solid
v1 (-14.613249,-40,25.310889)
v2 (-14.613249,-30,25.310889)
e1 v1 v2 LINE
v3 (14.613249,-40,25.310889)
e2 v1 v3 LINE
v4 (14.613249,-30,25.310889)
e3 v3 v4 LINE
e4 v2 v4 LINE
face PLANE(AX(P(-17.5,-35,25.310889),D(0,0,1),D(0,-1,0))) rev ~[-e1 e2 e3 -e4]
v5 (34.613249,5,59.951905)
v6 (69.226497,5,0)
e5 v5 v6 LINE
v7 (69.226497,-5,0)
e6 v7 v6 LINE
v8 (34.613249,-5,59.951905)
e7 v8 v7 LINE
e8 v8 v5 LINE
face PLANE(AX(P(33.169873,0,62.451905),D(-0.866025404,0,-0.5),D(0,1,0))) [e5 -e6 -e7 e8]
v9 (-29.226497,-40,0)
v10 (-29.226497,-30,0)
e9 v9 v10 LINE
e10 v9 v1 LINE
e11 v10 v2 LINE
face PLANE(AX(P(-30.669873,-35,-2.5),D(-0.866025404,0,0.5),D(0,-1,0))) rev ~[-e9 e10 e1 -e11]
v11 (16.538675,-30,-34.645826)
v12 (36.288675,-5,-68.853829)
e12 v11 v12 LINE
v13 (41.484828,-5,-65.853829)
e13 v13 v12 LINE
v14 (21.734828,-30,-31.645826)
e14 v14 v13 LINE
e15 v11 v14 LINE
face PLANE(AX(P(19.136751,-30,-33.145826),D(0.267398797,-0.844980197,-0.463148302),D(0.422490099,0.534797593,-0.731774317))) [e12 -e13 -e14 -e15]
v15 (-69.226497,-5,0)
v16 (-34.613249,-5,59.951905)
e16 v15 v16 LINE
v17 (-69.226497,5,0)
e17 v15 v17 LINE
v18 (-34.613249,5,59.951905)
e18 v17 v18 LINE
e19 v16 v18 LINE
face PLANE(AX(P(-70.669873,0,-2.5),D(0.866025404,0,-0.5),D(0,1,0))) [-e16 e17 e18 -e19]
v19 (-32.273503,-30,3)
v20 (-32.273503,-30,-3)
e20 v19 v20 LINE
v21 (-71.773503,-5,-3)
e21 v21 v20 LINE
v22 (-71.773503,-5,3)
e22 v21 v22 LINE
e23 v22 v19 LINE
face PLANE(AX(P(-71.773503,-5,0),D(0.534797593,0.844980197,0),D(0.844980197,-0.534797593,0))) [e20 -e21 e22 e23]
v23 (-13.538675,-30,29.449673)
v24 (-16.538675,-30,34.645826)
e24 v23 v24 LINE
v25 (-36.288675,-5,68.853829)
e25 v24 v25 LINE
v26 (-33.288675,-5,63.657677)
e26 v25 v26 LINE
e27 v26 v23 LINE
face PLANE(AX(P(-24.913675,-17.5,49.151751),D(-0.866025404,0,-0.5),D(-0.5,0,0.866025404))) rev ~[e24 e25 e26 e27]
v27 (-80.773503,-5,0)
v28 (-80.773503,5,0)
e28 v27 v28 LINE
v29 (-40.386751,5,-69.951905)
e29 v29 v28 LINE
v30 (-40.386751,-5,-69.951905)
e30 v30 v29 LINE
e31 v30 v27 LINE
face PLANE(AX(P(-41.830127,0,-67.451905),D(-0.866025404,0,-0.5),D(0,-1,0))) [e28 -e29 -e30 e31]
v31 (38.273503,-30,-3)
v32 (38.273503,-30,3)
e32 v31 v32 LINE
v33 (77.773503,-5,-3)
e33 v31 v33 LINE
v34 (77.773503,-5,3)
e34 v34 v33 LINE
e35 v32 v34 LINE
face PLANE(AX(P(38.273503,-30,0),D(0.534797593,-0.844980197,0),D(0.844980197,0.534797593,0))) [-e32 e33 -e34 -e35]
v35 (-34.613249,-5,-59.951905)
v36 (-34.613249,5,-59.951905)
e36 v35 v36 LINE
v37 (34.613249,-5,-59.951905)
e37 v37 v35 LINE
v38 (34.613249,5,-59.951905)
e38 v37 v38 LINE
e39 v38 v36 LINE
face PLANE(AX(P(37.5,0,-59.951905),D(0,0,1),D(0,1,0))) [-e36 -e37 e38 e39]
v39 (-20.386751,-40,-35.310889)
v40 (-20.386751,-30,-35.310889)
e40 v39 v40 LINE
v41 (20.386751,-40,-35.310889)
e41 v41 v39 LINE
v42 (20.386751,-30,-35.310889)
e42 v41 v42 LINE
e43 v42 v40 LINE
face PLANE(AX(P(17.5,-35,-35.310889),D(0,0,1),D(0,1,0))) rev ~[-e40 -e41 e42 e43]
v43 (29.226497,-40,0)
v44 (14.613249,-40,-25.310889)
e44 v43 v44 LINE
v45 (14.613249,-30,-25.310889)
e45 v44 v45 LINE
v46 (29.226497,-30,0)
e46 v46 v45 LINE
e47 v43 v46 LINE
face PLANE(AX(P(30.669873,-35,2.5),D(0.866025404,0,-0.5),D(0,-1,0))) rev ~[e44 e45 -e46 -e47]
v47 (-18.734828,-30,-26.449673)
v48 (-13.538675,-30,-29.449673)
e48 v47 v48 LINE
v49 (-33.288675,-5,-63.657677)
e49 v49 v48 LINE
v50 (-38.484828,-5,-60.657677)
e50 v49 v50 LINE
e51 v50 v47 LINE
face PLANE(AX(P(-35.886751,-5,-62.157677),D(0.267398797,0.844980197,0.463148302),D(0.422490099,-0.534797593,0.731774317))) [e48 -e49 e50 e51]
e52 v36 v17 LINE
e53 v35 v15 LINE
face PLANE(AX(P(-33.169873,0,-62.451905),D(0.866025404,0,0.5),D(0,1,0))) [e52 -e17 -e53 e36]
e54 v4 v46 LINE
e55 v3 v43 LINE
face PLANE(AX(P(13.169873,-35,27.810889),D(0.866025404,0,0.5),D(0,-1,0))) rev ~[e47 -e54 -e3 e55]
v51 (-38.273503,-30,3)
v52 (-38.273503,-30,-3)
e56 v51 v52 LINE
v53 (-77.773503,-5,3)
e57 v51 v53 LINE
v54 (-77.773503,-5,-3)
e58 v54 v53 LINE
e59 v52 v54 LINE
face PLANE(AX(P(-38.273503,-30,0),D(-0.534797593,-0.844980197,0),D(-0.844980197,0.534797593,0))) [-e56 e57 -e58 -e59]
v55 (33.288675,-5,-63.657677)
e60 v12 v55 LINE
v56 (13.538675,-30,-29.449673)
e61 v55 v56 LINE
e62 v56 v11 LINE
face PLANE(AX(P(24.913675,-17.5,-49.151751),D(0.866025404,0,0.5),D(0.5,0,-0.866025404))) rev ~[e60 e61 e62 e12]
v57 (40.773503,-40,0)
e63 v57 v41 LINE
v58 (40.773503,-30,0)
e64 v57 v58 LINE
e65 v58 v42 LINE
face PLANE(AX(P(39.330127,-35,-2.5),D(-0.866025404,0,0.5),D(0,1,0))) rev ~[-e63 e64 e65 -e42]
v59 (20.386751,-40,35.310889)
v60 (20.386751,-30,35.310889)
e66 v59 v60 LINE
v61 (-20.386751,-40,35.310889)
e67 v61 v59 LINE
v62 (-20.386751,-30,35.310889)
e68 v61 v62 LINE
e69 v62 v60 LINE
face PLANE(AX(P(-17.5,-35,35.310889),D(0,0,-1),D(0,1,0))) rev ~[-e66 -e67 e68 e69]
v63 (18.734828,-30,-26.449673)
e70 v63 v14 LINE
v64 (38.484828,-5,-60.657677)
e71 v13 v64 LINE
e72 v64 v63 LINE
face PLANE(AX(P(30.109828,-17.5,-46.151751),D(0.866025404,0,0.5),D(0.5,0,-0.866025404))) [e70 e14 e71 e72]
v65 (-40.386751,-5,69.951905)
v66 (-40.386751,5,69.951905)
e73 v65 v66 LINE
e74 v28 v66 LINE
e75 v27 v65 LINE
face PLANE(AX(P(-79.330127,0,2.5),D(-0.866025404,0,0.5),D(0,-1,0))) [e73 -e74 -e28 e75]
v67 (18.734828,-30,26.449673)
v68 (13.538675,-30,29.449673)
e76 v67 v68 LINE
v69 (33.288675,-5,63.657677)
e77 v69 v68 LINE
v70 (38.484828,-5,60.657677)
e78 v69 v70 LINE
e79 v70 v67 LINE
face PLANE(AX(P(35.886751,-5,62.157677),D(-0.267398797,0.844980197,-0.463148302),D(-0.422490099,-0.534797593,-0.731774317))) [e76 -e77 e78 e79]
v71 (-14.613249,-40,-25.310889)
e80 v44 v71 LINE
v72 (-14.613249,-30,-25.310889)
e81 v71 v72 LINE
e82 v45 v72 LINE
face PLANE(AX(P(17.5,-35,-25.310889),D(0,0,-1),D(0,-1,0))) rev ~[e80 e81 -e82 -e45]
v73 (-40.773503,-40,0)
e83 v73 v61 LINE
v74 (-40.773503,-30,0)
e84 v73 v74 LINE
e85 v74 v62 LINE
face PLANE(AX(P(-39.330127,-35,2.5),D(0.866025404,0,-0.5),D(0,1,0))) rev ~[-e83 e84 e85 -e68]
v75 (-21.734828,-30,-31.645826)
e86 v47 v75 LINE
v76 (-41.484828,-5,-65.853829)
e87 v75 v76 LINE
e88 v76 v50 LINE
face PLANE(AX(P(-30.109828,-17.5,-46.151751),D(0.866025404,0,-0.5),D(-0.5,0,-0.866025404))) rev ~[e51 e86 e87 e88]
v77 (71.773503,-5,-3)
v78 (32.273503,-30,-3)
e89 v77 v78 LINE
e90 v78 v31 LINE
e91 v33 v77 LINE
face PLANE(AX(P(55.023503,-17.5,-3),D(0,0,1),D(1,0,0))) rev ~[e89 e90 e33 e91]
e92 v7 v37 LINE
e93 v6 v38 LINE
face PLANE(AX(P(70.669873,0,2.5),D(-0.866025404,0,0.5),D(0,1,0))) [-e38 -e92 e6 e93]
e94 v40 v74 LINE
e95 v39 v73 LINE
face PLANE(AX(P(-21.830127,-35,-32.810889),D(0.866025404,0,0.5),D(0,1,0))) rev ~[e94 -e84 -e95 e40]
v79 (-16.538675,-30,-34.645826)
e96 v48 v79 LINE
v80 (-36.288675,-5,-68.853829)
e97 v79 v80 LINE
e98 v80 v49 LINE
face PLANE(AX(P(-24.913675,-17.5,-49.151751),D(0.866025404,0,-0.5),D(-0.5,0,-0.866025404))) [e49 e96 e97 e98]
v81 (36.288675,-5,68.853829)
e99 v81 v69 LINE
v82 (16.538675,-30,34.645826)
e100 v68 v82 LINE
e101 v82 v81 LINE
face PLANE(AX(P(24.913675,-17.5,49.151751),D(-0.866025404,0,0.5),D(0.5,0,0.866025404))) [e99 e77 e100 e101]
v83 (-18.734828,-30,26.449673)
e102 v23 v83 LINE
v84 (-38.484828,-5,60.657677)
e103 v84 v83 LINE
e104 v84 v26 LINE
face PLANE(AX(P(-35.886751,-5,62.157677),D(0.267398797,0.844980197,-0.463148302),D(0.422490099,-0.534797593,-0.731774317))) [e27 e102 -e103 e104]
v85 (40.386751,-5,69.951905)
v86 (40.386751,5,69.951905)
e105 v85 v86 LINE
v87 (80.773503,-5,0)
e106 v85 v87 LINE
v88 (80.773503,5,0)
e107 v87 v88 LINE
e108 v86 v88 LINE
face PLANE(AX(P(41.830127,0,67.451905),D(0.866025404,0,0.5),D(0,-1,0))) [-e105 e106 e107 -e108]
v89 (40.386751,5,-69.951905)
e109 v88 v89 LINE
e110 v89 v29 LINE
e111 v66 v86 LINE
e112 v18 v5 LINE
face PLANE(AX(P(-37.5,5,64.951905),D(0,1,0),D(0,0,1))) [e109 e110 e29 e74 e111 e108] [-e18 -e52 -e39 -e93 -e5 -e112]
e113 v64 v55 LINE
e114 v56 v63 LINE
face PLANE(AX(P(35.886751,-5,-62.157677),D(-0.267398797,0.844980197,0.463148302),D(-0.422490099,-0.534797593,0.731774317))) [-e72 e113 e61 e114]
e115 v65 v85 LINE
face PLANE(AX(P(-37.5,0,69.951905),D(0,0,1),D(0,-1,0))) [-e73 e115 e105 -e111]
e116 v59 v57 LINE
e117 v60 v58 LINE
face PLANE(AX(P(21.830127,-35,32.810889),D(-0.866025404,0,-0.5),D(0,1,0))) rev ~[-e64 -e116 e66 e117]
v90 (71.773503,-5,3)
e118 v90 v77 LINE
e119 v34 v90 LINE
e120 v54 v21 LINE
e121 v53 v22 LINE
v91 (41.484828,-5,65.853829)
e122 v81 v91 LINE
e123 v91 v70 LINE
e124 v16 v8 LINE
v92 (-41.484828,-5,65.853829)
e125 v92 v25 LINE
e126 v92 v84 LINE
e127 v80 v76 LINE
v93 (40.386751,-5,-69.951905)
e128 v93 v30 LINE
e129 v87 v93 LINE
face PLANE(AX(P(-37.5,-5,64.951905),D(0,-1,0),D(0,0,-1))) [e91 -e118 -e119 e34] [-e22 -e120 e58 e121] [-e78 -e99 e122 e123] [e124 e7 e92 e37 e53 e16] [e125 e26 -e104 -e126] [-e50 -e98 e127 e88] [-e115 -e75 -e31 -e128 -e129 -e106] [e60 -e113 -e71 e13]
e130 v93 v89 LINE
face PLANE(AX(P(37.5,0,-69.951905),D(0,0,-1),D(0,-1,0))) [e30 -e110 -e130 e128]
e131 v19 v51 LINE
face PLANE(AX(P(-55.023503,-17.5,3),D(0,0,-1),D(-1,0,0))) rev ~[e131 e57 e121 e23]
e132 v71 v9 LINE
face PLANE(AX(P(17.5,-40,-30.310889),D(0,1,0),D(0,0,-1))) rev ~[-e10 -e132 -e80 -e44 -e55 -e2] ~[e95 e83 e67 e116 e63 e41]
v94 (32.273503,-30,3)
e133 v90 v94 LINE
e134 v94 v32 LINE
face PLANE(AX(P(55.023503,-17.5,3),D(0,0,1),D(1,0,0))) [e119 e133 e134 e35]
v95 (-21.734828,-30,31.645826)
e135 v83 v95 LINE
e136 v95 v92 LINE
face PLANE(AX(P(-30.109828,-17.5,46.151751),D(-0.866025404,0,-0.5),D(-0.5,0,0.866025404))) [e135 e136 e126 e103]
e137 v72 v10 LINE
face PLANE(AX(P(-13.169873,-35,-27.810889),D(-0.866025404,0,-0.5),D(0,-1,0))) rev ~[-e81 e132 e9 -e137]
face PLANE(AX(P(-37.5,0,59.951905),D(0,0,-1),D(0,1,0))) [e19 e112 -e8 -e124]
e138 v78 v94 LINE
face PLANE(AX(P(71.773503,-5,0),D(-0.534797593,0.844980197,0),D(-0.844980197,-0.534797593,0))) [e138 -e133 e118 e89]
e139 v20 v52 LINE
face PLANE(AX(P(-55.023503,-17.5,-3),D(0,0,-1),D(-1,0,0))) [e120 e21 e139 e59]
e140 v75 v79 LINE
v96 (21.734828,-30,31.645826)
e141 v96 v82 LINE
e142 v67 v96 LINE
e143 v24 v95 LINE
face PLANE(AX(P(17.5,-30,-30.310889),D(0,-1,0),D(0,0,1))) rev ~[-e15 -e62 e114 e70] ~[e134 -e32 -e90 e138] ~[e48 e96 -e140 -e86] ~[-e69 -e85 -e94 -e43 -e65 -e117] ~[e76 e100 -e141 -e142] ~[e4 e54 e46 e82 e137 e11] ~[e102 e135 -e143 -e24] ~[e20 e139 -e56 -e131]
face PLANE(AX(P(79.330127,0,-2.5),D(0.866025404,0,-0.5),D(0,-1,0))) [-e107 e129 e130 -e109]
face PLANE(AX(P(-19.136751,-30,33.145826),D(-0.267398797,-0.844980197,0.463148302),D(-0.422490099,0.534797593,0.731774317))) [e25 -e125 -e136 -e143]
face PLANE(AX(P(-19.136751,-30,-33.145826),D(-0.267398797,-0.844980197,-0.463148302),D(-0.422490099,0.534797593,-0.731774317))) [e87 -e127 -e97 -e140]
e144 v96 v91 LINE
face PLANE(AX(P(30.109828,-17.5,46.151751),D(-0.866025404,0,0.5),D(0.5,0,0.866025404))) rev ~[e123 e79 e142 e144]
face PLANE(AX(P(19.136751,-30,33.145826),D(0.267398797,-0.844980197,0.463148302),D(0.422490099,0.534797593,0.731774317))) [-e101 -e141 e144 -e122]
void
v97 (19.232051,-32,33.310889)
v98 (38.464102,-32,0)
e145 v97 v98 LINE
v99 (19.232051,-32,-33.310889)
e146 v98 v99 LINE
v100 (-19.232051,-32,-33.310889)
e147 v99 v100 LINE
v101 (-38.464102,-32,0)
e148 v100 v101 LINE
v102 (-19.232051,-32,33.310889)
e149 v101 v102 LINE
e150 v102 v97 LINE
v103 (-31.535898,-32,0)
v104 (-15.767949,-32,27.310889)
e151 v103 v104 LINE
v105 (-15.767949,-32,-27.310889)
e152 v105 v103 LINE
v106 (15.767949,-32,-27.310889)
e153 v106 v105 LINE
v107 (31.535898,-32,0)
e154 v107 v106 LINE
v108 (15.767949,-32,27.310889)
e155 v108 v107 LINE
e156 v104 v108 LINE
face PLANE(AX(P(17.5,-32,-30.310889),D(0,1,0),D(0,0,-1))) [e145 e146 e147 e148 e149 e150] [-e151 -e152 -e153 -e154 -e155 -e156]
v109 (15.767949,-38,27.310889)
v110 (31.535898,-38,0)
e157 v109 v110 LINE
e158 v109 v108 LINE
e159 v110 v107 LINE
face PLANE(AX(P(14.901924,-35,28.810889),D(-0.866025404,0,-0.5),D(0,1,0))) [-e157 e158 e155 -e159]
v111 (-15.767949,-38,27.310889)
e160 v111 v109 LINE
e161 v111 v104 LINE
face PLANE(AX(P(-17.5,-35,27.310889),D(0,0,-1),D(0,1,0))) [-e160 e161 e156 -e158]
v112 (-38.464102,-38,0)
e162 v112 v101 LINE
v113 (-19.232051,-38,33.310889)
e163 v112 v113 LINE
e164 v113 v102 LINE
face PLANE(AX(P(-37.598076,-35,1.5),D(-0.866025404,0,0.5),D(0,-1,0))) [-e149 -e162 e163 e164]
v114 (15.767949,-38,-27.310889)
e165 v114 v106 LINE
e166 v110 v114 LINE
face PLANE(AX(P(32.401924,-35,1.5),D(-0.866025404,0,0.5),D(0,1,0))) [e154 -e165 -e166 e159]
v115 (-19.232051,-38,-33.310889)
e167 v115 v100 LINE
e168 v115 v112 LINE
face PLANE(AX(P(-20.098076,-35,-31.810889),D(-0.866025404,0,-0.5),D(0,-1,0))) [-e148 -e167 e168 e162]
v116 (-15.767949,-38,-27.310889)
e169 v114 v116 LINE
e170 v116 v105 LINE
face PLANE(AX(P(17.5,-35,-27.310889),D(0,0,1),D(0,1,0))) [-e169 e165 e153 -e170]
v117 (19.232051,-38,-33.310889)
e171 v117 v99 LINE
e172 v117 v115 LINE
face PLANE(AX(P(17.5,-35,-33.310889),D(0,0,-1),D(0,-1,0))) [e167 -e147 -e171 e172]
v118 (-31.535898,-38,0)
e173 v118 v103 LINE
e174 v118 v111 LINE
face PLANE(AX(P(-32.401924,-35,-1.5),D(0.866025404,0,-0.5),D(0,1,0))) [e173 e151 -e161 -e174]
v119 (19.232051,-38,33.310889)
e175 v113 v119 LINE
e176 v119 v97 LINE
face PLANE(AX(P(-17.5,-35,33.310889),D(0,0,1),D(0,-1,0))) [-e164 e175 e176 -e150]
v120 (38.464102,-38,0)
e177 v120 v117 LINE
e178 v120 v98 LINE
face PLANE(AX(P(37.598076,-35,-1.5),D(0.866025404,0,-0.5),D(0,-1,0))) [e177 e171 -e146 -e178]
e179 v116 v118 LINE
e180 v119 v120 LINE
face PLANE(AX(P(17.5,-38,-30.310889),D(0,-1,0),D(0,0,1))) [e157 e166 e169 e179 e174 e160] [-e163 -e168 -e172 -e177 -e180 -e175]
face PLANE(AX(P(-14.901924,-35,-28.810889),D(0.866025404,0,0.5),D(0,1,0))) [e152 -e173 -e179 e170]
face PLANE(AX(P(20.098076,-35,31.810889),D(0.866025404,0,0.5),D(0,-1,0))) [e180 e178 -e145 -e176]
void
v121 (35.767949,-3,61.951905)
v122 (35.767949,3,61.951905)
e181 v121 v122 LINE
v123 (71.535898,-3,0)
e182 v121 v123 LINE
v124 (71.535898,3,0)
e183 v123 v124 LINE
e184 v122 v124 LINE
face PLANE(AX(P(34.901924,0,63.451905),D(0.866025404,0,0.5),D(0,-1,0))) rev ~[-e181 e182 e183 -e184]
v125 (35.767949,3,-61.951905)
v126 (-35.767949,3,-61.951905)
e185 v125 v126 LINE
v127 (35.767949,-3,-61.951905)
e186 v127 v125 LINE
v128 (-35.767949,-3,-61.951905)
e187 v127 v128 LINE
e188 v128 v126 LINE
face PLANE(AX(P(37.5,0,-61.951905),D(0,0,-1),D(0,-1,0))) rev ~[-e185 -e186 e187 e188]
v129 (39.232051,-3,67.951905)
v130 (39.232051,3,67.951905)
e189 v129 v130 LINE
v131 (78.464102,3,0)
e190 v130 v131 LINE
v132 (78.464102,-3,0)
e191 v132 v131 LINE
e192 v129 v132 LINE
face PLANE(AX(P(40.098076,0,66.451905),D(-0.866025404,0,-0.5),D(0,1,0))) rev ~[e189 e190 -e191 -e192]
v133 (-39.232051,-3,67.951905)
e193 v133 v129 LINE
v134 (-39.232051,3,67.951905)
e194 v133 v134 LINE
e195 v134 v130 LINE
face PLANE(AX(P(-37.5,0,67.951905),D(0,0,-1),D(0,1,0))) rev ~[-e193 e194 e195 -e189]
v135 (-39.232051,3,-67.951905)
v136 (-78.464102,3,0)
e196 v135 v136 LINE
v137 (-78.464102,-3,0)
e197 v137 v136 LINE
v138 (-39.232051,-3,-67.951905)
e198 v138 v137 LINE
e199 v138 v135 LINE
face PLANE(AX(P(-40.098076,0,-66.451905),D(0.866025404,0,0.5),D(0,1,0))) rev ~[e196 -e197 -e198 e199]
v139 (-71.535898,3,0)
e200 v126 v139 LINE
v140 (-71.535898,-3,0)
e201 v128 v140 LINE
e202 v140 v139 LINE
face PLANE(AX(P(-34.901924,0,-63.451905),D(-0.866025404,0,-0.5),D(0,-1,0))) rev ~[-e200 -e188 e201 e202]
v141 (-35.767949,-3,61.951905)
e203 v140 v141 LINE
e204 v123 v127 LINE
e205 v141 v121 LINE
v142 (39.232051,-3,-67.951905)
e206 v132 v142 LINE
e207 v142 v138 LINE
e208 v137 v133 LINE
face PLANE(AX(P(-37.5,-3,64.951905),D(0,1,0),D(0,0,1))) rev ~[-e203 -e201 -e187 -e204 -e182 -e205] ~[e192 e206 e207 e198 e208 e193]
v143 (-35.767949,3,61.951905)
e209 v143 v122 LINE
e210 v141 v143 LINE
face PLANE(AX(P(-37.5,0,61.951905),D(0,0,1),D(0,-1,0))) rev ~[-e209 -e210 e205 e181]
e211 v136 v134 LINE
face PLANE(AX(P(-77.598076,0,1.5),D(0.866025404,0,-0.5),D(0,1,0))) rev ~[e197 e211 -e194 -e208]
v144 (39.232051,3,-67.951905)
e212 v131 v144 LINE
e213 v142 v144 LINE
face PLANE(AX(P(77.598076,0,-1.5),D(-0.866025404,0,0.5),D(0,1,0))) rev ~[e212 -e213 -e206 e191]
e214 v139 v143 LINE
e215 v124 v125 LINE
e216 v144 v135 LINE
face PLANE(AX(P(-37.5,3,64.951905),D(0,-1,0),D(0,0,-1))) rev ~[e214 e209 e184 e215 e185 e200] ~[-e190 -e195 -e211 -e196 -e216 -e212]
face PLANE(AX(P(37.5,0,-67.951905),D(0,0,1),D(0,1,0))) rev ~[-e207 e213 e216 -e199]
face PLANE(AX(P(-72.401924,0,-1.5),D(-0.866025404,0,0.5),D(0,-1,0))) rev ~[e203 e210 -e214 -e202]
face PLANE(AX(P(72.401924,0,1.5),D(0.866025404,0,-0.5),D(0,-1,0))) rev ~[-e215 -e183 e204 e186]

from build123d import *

# Parameters (mm, degrees)
F1_W      = 10
F1_H      = 10
F1_W_2    = 6
F1_H_2    = 6
F5_W      = 10
F5_H      = 10
F5_W_2    = 6
F5_H_2    = 6
F8_DEPTH  = 3
F10_COUNT = 6


with BuildPart() as f2:
    # F2: sweep along a path in F0
    with BuildLine(Plane.XZ) as f2_path:
        Line((-37.5, 64.9519052838), (37.5, 64.9519052838))
        Line((37.5, 64.9519052838), (75, 0))
        Line((75, 0), (37.5, -64.9519052838))
        Line((37.5, -64.9519052838), (-37.5, -64.9519052838))
        Line((-37.5, -64.9519052838), (-75, 0))
        Line((-75, 0), (-37.5, 64.9519052838))
    # F1 (on Right) → F2 (sweep)
    with BuildSketch(Plane.YZ):
        with Locations((0, 64.9519052838)):
            Rectangle(F1_W, F1_H)
        with Locations((0, 64.9519052838)):
            Rectangle(F1_W_2, F1_H_2, mode=Mode.SUBTRACT)
    sweep(path=f2_path.line, transition=Transition.RIGHT)



with BuildPart() as f6:
    # F6: sweep along a path in F4
    with BuildLine(Plane.XZ.offset(35)) as f6_path:
        Line((17.5, -30.3108891325), (-17.5, -30.3108891325))
        Line((-17.5, -30.3108891325), (-35, 0))
        Line((-35, 0), (-17.5, 30.3108891325))
        Line((-17.5, 30.3108891325), (17.5, 30.3108891325))
        Line((17.5, 30.3108891325), (35, 0))
        Line((35, 0), (17.5, -30.3108891325))
    # F5 (on Right) → F6 (sweep)
    with BuildSketch(Plane.YZ):
        with Locations((-35, -30.3108891325)):
            Rectangle(F5_W, F5_H)
        with Locations((-35, -30.3108891325)):
            Rectangle(F5_W_2, F5_H_2, mode=Mode.SUBTRACT)
    sweep(path=f6_path.line, transition=Transition.RIGHT)


with BuildPart() as f2_1:
    add(f2.part)

    add(f6.part)  # F8 merges F6
    # F7 (on Top) → F8 (join, symmetric)
    with BuildSketch(Plane.XY):
        Polygon((71.7735026919, -5), (32.2735026919, -30), (38.2735026919, -30), (77.7735026919, -5), align=None)
    extrude(amount=F8_DEPTH, both=True)

    # F10: F2 ×6 about axis
    f10_axis = Axis((0, -16.170989722, 0), (0, 1, 0))


with BuildPart() as f2_2:
    add(f2_1.part)
    for i in range(1, F10_COUNT):
        add(f2_1.part.rotate(f10_axis, i * 360 / F10_COUNT))


solid = f2_2.part
